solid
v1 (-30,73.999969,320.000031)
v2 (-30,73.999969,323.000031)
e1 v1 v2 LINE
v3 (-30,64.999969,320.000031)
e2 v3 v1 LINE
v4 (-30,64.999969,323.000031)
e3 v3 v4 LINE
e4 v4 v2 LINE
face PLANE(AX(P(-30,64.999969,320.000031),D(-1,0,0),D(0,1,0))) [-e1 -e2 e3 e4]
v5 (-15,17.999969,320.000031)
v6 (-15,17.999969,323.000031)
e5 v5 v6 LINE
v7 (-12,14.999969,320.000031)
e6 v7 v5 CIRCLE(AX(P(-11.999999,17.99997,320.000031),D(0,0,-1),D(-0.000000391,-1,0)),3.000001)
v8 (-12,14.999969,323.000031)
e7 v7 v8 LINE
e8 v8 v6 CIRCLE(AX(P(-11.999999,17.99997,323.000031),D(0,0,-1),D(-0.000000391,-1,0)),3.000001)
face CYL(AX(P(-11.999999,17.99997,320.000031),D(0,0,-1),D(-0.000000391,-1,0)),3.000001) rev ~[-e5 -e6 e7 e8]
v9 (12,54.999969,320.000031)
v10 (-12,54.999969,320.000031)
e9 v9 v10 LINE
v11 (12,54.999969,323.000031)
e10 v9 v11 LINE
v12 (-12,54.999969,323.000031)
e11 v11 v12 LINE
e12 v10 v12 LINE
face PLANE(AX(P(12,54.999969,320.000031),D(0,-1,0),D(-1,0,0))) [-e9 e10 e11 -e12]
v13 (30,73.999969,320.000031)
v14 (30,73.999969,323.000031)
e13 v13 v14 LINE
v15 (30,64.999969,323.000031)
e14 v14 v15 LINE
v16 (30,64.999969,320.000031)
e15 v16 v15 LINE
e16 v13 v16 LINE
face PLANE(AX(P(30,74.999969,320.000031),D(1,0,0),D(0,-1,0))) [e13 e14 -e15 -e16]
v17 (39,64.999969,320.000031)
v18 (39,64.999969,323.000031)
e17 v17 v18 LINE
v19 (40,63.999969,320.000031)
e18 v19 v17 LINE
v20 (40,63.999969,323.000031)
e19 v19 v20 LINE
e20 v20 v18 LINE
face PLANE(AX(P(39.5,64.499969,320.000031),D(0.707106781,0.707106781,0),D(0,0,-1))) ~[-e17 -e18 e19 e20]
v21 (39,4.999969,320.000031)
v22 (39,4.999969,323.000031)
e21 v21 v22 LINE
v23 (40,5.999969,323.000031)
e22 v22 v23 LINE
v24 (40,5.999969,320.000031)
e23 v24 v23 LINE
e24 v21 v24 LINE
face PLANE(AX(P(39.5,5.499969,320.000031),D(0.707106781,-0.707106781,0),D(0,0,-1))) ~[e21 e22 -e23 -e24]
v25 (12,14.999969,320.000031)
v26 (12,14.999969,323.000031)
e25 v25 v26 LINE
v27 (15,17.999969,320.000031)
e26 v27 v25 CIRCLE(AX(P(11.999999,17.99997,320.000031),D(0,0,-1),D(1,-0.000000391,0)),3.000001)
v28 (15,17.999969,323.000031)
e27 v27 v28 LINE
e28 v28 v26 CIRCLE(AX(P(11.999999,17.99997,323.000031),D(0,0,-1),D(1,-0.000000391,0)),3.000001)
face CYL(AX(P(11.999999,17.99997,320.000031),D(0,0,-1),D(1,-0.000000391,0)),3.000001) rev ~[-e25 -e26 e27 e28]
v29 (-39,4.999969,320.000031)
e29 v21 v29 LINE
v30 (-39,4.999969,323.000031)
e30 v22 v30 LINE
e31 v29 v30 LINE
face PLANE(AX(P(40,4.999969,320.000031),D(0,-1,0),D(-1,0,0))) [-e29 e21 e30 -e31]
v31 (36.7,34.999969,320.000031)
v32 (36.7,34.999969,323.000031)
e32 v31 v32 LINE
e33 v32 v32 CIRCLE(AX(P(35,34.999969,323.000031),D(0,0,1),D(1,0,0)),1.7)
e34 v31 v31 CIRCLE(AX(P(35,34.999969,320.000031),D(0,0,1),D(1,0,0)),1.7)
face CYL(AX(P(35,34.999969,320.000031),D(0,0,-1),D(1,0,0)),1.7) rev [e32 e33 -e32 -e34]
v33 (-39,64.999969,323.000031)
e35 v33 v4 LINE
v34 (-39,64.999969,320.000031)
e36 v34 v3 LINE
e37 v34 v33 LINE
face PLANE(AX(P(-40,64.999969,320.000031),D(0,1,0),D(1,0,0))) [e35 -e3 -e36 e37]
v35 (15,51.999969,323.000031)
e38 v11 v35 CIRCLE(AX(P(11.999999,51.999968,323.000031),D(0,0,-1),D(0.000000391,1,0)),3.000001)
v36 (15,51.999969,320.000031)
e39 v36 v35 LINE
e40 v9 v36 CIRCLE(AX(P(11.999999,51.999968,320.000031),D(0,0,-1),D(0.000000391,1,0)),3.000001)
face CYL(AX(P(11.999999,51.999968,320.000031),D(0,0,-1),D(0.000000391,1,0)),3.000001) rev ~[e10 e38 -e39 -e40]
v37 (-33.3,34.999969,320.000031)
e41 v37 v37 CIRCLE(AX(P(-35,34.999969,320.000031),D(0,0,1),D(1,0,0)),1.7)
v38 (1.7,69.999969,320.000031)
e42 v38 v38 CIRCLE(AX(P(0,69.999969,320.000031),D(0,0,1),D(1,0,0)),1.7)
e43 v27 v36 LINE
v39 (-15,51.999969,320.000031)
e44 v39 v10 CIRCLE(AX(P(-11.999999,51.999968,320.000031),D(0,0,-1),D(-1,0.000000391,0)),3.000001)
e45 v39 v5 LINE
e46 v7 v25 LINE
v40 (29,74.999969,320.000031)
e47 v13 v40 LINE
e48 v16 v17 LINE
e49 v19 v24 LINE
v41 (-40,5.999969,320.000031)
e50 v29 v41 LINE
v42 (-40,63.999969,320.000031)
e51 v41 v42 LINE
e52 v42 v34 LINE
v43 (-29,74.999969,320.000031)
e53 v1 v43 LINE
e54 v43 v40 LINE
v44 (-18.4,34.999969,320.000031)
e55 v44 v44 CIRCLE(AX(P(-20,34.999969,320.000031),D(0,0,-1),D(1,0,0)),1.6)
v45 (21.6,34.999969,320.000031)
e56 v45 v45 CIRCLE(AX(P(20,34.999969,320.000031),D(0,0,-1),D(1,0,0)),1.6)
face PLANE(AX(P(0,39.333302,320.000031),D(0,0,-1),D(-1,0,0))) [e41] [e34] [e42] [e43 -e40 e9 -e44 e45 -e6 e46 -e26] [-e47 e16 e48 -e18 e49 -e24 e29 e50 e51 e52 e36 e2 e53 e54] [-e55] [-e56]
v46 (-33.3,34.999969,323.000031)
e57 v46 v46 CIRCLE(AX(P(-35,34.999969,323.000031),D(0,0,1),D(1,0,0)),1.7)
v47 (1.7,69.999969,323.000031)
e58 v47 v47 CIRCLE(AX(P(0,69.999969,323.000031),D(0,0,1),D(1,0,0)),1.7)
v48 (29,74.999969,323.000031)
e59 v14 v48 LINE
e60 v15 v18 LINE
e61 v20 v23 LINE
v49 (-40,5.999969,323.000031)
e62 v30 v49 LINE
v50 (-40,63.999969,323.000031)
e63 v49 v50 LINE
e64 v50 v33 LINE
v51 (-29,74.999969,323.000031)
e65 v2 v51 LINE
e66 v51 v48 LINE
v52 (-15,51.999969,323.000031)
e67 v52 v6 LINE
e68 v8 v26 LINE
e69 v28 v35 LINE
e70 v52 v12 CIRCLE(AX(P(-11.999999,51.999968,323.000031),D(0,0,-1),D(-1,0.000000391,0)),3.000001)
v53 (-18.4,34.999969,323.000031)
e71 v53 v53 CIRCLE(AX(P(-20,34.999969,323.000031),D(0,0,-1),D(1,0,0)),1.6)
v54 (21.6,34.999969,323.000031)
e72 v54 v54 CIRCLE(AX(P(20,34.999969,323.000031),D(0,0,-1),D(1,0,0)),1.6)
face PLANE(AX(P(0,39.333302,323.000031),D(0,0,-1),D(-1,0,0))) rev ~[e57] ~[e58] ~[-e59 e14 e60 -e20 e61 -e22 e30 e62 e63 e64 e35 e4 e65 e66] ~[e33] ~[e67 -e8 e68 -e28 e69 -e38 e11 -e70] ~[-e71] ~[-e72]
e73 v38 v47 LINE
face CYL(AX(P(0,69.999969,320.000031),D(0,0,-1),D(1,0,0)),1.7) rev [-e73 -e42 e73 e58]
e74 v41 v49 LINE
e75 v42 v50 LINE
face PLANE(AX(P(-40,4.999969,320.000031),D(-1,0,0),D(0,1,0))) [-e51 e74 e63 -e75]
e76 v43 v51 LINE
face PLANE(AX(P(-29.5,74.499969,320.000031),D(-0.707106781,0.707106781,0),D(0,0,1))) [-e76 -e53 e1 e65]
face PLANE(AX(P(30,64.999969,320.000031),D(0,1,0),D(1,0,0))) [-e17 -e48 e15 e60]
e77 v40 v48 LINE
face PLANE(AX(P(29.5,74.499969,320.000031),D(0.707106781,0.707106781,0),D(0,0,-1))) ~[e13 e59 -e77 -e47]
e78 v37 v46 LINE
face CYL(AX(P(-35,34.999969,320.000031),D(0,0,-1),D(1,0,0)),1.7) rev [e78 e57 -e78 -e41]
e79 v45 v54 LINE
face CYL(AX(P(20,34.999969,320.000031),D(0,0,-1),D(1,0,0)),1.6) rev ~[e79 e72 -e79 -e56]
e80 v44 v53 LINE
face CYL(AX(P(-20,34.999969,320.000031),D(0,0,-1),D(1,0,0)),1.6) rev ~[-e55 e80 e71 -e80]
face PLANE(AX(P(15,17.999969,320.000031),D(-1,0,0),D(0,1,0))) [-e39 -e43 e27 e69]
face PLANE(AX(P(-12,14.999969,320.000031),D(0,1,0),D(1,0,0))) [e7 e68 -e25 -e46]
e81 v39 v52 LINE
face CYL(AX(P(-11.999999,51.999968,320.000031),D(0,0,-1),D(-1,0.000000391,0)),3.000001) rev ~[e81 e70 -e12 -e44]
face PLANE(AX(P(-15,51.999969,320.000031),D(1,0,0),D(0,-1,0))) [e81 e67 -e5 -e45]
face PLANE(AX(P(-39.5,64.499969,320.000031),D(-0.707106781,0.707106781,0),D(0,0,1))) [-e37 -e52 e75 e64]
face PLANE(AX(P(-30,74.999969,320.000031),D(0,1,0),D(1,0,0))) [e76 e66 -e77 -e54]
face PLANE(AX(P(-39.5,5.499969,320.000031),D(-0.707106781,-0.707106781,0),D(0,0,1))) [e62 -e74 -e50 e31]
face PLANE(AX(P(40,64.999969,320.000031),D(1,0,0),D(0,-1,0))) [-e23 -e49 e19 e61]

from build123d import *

# Parameters (mm, degrees)
SKETCH152_R     = 1.7
PAD084_DEPTH    = 3
CHAMFER055_SIZE = 1
SKETCH225_R     = 1.6
POCKET053_DEPTH = 3.001


with BuildPart() as part:
    # Sketch152 → Pad084 (new body)
    with BuildSketch(Plane.XY):
        Polygon((40, -30), (-40, -30), (-40, 30), (-30, 30), (-30, 40), (30, 40), (30, 30), (40, 30), align=None)
        with Locations((0, 35)):
            Circle(SKETCH152_R, mode=Mode.SUBTRACT)
        with Locations((-35, 0)):
            Circle(SKETCH152_R, mode=Mode.SUBTRACT)
        with Locations((35, 0)):
            Circle(SKETCH152_R, mode=Mode.SUBTRACT)
    extrude(amount=PAD084_DEPTH)

    # Chamfer055
    chamfer055_edges = [part.edges().sort_by_distance(p)[0] for p in [
        (40, 30, 1.5),
        (30, 40, 1.5),
        (-30, 40, 1.5),
        (-40, 30, 1.5),
        (-40, -30, 1.5),
        (40, -30, 1.5),
    ]]
    chamfer(chamfer055_edges, length=CHAMFER055_SIZE)


with BuildPart() as part_1:
    # Body072 placement: moved
    add(part.part.moved(Location((0, 34.999969, 320.000031))))

    # Sketch225 (on Face2 of Clone003) → Pocket053 (cut, through all)
    with BuildSketch(Plane(origin=(0, 34.999969, 320.000031), x_dir=(1, 0, 0), z_dir=(0, 0, -1))):
        with Locations((-20, 0)):
            Circle(SKETCH225_R)
        with Locations((20, 0)):
            Circle(SKETCH225_R)
        with BuildLine():
            ThreePointArc((-12, 20), (-14.12132, 19.12132), (-15, 17))
            Line((-15, -17), (-15, 17))
            ThreePointArc((-15, -17), (-14.12132, -19.12132), (-12, -20))
            Line((12, -20), (-12, -20))
            ThreePointArc((12, -20), (14.12132, -19.12132), (15, -17))
            Line((15, 17), (15, -17))
            ThreePointArc((15, 17), (14.12132, 19.12132), (12, 20))
            Line((-12, 20), (12, 20))
        make_face()
    extrude(amount=-POCKET053_DEPTH, mode=Mode.SUBTRACT)


solid = part_1.part
